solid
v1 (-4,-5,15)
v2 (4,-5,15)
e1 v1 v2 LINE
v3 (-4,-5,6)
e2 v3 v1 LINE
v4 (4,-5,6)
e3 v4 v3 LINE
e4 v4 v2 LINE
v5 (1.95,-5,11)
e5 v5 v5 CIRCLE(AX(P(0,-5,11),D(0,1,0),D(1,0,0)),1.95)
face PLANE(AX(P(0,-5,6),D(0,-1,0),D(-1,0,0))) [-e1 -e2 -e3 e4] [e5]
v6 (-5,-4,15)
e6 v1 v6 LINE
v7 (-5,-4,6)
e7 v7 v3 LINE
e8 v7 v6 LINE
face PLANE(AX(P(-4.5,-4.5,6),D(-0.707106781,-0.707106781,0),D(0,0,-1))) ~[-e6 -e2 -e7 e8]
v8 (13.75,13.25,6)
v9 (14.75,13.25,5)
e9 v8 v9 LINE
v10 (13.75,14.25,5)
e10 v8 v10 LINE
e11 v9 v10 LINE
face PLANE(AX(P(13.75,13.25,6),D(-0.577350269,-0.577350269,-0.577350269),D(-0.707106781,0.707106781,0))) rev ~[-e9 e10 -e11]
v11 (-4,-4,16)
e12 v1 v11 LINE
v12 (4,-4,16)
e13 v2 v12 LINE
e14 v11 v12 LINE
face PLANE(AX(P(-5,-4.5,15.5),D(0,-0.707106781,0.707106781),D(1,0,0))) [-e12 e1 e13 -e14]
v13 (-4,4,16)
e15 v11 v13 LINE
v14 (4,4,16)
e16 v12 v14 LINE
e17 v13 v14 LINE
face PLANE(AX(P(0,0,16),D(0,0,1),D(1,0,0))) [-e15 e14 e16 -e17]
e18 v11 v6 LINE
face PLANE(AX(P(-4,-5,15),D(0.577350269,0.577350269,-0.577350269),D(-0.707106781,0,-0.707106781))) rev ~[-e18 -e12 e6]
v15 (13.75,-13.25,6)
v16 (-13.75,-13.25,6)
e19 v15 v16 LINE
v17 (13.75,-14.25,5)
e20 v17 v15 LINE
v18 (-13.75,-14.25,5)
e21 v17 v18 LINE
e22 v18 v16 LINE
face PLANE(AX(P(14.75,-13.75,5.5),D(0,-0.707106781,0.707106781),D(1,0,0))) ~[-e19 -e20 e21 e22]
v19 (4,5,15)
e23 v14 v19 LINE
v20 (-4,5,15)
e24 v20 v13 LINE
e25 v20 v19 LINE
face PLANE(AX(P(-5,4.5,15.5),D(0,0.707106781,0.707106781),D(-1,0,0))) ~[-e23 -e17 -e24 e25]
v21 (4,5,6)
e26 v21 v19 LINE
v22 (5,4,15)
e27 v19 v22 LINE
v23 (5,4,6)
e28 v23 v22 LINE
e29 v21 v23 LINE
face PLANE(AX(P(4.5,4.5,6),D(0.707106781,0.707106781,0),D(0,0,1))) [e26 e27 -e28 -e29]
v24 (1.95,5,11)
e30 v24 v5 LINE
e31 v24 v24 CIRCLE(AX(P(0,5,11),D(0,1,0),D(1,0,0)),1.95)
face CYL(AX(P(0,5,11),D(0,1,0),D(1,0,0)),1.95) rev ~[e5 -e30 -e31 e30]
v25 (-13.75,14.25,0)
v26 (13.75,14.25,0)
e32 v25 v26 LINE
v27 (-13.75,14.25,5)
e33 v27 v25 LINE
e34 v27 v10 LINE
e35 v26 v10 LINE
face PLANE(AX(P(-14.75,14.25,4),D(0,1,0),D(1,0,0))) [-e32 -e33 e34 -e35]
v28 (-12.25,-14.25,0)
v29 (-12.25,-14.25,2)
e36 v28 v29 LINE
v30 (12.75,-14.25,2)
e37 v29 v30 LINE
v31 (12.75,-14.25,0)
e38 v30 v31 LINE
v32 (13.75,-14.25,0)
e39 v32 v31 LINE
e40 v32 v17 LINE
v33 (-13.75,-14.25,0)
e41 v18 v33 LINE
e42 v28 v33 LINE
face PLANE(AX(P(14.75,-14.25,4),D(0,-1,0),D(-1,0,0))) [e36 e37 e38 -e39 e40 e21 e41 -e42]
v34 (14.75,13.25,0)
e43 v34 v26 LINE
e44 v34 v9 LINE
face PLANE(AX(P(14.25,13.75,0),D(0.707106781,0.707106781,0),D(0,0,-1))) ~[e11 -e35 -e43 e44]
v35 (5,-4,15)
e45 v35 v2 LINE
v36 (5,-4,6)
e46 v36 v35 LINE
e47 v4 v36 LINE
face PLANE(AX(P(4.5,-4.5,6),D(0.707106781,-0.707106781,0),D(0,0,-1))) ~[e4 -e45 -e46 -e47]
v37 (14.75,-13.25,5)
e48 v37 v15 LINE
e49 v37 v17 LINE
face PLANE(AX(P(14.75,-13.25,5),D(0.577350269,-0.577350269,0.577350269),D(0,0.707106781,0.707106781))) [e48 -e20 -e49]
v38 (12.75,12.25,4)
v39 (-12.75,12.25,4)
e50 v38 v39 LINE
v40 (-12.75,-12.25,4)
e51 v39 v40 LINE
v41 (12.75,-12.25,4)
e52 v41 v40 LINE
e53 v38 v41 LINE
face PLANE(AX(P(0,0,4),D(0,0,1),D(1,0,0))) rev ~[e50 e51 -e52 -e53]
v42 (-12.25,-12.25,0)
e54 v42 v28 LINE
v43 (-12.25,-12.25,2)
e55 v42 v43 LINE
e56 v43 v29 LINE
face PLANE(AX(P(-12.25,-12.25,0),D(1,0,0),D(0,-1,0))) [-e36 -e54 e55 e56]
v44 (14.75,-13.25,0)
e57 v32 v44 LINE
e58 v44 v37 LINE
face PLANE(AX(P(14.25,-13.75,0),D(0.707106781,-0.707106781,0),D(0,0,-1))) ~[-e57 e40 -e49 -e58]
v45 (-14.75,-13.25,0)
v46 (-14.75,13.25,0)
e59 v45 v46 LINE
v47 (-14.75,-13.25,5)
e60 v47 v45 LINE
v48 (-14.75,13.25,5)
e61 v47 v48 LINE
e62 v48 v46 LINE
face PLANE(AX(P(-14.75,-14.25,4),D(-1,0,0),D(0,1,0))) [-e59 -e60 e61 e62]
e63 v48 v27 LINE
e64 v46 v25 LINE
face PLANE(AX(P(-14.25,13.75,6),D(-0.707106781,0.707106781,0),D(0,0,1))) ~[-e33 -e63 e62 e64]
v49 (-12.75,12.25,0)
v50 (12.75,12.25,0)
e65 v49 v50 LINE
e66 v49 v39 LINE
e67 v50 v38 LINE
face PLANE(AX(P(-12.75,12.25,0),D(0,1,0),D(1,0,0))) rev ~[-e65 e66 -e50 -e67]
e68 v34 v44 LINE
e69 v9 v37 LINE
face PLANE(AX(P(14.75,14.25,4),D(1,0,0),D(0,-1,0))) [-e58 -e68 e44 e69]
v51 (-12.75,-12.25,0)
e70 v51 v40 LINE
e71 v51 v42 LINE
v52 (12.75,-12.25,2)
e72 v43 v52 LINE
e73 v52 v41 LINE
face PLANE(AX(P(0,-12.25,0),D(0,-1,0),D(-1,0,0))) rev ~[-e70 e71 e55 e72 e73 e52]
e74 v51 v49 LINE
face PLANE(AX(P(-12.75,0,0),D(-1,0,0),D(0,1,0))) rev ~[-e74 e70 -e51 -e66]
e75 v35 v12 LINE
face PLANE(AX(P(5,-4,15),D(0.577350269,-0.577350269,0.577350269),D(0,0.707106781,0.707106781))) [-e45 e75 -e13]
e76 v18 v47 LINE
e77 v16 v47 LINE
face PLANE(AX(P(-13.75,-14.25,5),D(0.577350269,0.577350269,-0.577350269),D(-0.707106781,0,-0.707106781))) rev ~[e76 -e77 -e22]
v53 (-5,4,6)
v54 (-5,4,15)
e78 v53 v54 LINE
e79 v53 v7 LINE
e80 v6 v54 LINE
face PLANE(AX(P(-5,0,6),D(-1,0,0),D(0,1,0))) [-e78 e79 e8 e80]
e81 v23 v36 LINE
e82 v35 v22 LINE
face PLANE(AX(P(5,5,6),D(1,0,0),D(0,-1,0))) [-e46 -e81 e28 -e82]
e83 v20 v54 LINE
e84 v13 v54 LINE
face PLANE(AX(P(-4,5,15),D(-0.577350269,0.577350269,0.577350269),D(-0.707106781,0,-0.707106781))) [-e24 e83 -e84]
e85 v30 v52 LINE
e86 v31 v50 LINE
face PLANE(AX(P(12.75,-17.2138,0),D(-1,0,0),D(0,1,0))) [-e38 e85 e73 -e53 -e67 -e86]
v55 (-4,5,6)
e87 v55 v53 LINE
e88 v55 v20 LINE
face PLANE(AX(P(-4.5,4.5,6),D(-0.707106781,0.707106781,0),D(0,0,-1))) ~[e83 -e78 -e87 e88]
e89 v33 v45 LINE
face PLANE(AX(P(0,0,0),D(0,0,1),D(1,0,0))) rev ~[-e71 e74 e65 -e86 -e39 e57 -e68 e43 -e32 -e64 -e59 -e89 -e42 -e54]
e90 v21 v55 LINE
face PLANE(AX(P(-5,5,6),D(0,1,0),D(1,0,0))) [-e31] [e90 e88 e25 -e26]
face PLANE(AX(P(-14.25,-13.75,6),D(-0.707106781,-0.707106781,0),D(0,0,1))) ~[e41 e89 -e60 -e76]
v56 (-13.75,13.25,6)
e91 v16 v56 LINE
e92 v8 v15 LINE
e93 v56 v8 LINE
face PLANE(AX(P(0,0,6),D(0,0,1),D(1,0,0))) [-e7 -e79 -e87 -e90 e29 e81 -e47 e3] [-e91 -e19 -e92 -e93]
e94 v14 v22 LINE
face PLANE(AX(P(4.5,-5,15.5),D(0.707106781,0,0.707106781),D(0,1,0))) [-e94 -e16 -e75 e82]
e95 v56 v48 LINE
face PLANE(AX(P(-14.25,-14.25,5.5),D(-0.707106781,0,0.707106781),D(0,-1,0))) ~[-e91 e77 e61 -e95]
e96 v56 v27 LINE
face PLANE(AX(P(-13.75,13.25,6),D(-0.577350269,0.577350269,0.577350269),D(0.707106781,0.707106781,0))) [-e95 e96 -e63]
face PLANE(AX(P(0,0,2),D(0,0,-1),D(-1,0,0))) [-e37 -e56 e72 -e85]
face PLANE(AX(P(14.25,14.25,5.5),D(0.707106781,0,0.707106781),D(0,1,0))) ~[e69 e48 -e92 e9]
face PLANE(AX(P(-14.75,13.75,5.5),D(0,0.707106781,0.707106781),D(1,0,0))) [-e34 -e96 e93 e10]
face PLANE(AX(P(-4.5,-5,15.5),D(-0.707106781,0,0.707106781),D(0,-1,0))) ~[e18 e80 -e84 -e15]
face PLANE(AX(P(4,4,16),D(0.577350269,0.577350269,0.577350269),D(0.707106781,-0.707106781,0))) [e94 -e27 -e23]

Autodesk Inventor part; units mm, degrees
ref_plane "YZ Plane" through (0, 0, 0) normal (1, 0, 0) x (0, 1, 0)
ref_plane "XZ Plane" through (0, 0, 0) normal (0, 1, 0) x (-1, 0, 0)
ref_plane "XY Plane" through (0, 0, 0) normal (0, 0, 1) x (1, 0, 0)
sketch "Skizze1" plane through (0, 0, 0) normal (0, 0, 1) x (1, 0, 0)
  point P0 (0, 0)
sketch "Skizze2" plane through (0, 0, 0) normal (0, 0, 1) x (1, 0, 0)
  line L0 (-12.75, 12.25) -> (12.75, 12.25)
  line L1 (12.75, 12.25) -> (12.75, -12.25)
  line L2 (12.75, -12.25) -> (-12.75, -12.25)
  line L3 (-12.75, -12.25) -> (-12.75, 12.25)
  line L4 (0, 19.95) -> (0, -19.95) projected
  line L5 (-20.65, 0) -> (20.65, 0) projected
  line L6 (-14.75, 14.25) -> (14.75, 14.25)
  line L7 (14.75, 14.25) -> (14.75, -14.25)
  line L8 (14.75, -14.25) -> (-14.75, -14.25)
  line L9 (-14.75, -14.25) -> (-14.75, 14.25)
  point P0 (0, 0)
  dimension "d0" = 25.5
  dimension "d1" = 24.5
  dimension "d2" = 2
  dimension "d3" = 2
  dimension "d4" = 2
  dimension "d5" = 2
extrude "Extrusion1" add sketch "Skizze2" along normal blind 4 contours L3 L5 L9 L6 L4 L0 | L4 L6 L7 L5 L1 L0 | L3 L2 L4 L8 L9 L5 | L5 L7 L8 L4 L2 L1
sketch "Skizze3" plane through (0, 0, 4) normal (0, 0, 1) x (1, 0, 0)
  line L0 (14.75, -14.25) -> (-14.75, -14.25) projected
  line L1 (-14.75, 14.25) -> (14.75, 14.25)
  line L2 (14.75, 14.25) -> (14.75, -14.25)
  line L3 (14.75, -14.25) -> (-14.75, -14.25)
  line L4 (-14.75, -14.25) -> (-14.75, 14.25)
  point P0 (0, 0)
extrude "Extrusion2" add sketch "Skizze3" along normal blind 2
chamfer "Fase1" distance 1 angle 45 8 edges at (14.75, 14.25, 3) (-14.75, 14.25, 3) (-14.75, 0, 6) (0, -14.25, 6) (-14.75, -14.25, 3) (14.75, -14.25, 3) (14.75, 0, 6) (0, 14.25, 6)
sketch "Skizze4" plane through (0, 0, 0) normal (0, 0, -1) x (-1, 0, 0)
  line L0 (12.75, -12.25) -> (-12.75, -12.25) projected
  line L1 (-12.75, -12.25) -> (12.25, -12.25)
  line L2 (12.25, -12.25) -> (12.25, -17.2138)
  line L3 (12.25, -17.2138) -> (-12.75, -17.2138)
  line L4 (-12.75, -17.2138) -> (-12.75, -12.25)
  point P0 (0, 0)
extrude "Extrusion3" cut sketch "Skizze4" against normal blind 2
sketch "Skizze5" plane through (0, 0, 0) normal (0, 0, -1) x (-1, 0, 0)
  circle A0 centre (0.25, 13.25) radius 0.5
  line L0 (13.75, 14.25) -> (-13.75, 14.25) projected
  line L1 (14.75, -13.25) -> (14.75, 13.25) projected
  line L2 (-14.75, 13.25) -> (-14.75, -13.25) projected
  circle A1 centre (-9.75, 13.25) radius 0.5
  circle A2 centre (10.25, 13.25) radius 0.5
  circle A3 centre (-13.75, 0.25) radius 0.5
  circle A4 centre (-13.75, -9.75) radius 0.5
  circle A5 centre (-13.75, 10.25) radius 0.5
  line L3 (0, -19.95) -> (0, 19.95) projected
  circle A6 centre (13.75, 0.25) radius 0.5
  circle A7 centre (13.75, -9.75) radius 0.5
  circle A8 centre (13.75, 10.25) radius 0.5
  point P0 (0, 0)
  dimension "d15" = 1
  dimension "d16" = 1
  dimension "d17" = 1
  dimension "d18" = 1
  dimension "d19" = 10
  dimension "d20" = 10
  dimension "d21" = 1
  dimension "d22" = 1
  dimension "d23" = 1
  dimension "d24" = 1
  dimension "d25" = 10
  dimension "d26" = 10
sketch "Skizze6" plane through (0, 0, 6) normal (0, 0, 1) x (1, 0, 0)
  line L0 (-5, 5) -> (5, 5)
  line L1 (5, 5) -> (5, -5)
  line L2 (5, -5) -> (-5, -5)
  line L3 (-5, -5) -> (-5, 5)
  line L4 (0, 19.95) -> (0, -19.95) projected
  line L5 (-20.65, 0) -> (20.65, 0) projected
  point P0 (0, 0)
  dimension "d29" = 10
  dimension "d30" = 10
extrude "Extrusion5" add sketch "Skizze6" along normal blind 10
sketch "Skizze9" plane through (-5, 5, 6) normal (0, 1, 0) x (1, 0, 0)
  circle A0 centre (5, -5) radius 1.95
  line L0 (10, -10) -> (0, -10) projected
  point P0 (5, 6)
  dimension "d52" = 3.9
  dimension "d53" = 5
extrude "Extrusion8" cut sketch "Skizze9" against normal blind 26
chamfer "Fase4" distance 1 angle 45 8 edges at (-5, 0, 16) (0, -5, 16) (5, -5, 11) (5, 5, 11) (0, 5, 16) (-5, 5, 11) (-5, -5, 11) (5, 0, 16)
properties part number "Raspberrycamhalter"
